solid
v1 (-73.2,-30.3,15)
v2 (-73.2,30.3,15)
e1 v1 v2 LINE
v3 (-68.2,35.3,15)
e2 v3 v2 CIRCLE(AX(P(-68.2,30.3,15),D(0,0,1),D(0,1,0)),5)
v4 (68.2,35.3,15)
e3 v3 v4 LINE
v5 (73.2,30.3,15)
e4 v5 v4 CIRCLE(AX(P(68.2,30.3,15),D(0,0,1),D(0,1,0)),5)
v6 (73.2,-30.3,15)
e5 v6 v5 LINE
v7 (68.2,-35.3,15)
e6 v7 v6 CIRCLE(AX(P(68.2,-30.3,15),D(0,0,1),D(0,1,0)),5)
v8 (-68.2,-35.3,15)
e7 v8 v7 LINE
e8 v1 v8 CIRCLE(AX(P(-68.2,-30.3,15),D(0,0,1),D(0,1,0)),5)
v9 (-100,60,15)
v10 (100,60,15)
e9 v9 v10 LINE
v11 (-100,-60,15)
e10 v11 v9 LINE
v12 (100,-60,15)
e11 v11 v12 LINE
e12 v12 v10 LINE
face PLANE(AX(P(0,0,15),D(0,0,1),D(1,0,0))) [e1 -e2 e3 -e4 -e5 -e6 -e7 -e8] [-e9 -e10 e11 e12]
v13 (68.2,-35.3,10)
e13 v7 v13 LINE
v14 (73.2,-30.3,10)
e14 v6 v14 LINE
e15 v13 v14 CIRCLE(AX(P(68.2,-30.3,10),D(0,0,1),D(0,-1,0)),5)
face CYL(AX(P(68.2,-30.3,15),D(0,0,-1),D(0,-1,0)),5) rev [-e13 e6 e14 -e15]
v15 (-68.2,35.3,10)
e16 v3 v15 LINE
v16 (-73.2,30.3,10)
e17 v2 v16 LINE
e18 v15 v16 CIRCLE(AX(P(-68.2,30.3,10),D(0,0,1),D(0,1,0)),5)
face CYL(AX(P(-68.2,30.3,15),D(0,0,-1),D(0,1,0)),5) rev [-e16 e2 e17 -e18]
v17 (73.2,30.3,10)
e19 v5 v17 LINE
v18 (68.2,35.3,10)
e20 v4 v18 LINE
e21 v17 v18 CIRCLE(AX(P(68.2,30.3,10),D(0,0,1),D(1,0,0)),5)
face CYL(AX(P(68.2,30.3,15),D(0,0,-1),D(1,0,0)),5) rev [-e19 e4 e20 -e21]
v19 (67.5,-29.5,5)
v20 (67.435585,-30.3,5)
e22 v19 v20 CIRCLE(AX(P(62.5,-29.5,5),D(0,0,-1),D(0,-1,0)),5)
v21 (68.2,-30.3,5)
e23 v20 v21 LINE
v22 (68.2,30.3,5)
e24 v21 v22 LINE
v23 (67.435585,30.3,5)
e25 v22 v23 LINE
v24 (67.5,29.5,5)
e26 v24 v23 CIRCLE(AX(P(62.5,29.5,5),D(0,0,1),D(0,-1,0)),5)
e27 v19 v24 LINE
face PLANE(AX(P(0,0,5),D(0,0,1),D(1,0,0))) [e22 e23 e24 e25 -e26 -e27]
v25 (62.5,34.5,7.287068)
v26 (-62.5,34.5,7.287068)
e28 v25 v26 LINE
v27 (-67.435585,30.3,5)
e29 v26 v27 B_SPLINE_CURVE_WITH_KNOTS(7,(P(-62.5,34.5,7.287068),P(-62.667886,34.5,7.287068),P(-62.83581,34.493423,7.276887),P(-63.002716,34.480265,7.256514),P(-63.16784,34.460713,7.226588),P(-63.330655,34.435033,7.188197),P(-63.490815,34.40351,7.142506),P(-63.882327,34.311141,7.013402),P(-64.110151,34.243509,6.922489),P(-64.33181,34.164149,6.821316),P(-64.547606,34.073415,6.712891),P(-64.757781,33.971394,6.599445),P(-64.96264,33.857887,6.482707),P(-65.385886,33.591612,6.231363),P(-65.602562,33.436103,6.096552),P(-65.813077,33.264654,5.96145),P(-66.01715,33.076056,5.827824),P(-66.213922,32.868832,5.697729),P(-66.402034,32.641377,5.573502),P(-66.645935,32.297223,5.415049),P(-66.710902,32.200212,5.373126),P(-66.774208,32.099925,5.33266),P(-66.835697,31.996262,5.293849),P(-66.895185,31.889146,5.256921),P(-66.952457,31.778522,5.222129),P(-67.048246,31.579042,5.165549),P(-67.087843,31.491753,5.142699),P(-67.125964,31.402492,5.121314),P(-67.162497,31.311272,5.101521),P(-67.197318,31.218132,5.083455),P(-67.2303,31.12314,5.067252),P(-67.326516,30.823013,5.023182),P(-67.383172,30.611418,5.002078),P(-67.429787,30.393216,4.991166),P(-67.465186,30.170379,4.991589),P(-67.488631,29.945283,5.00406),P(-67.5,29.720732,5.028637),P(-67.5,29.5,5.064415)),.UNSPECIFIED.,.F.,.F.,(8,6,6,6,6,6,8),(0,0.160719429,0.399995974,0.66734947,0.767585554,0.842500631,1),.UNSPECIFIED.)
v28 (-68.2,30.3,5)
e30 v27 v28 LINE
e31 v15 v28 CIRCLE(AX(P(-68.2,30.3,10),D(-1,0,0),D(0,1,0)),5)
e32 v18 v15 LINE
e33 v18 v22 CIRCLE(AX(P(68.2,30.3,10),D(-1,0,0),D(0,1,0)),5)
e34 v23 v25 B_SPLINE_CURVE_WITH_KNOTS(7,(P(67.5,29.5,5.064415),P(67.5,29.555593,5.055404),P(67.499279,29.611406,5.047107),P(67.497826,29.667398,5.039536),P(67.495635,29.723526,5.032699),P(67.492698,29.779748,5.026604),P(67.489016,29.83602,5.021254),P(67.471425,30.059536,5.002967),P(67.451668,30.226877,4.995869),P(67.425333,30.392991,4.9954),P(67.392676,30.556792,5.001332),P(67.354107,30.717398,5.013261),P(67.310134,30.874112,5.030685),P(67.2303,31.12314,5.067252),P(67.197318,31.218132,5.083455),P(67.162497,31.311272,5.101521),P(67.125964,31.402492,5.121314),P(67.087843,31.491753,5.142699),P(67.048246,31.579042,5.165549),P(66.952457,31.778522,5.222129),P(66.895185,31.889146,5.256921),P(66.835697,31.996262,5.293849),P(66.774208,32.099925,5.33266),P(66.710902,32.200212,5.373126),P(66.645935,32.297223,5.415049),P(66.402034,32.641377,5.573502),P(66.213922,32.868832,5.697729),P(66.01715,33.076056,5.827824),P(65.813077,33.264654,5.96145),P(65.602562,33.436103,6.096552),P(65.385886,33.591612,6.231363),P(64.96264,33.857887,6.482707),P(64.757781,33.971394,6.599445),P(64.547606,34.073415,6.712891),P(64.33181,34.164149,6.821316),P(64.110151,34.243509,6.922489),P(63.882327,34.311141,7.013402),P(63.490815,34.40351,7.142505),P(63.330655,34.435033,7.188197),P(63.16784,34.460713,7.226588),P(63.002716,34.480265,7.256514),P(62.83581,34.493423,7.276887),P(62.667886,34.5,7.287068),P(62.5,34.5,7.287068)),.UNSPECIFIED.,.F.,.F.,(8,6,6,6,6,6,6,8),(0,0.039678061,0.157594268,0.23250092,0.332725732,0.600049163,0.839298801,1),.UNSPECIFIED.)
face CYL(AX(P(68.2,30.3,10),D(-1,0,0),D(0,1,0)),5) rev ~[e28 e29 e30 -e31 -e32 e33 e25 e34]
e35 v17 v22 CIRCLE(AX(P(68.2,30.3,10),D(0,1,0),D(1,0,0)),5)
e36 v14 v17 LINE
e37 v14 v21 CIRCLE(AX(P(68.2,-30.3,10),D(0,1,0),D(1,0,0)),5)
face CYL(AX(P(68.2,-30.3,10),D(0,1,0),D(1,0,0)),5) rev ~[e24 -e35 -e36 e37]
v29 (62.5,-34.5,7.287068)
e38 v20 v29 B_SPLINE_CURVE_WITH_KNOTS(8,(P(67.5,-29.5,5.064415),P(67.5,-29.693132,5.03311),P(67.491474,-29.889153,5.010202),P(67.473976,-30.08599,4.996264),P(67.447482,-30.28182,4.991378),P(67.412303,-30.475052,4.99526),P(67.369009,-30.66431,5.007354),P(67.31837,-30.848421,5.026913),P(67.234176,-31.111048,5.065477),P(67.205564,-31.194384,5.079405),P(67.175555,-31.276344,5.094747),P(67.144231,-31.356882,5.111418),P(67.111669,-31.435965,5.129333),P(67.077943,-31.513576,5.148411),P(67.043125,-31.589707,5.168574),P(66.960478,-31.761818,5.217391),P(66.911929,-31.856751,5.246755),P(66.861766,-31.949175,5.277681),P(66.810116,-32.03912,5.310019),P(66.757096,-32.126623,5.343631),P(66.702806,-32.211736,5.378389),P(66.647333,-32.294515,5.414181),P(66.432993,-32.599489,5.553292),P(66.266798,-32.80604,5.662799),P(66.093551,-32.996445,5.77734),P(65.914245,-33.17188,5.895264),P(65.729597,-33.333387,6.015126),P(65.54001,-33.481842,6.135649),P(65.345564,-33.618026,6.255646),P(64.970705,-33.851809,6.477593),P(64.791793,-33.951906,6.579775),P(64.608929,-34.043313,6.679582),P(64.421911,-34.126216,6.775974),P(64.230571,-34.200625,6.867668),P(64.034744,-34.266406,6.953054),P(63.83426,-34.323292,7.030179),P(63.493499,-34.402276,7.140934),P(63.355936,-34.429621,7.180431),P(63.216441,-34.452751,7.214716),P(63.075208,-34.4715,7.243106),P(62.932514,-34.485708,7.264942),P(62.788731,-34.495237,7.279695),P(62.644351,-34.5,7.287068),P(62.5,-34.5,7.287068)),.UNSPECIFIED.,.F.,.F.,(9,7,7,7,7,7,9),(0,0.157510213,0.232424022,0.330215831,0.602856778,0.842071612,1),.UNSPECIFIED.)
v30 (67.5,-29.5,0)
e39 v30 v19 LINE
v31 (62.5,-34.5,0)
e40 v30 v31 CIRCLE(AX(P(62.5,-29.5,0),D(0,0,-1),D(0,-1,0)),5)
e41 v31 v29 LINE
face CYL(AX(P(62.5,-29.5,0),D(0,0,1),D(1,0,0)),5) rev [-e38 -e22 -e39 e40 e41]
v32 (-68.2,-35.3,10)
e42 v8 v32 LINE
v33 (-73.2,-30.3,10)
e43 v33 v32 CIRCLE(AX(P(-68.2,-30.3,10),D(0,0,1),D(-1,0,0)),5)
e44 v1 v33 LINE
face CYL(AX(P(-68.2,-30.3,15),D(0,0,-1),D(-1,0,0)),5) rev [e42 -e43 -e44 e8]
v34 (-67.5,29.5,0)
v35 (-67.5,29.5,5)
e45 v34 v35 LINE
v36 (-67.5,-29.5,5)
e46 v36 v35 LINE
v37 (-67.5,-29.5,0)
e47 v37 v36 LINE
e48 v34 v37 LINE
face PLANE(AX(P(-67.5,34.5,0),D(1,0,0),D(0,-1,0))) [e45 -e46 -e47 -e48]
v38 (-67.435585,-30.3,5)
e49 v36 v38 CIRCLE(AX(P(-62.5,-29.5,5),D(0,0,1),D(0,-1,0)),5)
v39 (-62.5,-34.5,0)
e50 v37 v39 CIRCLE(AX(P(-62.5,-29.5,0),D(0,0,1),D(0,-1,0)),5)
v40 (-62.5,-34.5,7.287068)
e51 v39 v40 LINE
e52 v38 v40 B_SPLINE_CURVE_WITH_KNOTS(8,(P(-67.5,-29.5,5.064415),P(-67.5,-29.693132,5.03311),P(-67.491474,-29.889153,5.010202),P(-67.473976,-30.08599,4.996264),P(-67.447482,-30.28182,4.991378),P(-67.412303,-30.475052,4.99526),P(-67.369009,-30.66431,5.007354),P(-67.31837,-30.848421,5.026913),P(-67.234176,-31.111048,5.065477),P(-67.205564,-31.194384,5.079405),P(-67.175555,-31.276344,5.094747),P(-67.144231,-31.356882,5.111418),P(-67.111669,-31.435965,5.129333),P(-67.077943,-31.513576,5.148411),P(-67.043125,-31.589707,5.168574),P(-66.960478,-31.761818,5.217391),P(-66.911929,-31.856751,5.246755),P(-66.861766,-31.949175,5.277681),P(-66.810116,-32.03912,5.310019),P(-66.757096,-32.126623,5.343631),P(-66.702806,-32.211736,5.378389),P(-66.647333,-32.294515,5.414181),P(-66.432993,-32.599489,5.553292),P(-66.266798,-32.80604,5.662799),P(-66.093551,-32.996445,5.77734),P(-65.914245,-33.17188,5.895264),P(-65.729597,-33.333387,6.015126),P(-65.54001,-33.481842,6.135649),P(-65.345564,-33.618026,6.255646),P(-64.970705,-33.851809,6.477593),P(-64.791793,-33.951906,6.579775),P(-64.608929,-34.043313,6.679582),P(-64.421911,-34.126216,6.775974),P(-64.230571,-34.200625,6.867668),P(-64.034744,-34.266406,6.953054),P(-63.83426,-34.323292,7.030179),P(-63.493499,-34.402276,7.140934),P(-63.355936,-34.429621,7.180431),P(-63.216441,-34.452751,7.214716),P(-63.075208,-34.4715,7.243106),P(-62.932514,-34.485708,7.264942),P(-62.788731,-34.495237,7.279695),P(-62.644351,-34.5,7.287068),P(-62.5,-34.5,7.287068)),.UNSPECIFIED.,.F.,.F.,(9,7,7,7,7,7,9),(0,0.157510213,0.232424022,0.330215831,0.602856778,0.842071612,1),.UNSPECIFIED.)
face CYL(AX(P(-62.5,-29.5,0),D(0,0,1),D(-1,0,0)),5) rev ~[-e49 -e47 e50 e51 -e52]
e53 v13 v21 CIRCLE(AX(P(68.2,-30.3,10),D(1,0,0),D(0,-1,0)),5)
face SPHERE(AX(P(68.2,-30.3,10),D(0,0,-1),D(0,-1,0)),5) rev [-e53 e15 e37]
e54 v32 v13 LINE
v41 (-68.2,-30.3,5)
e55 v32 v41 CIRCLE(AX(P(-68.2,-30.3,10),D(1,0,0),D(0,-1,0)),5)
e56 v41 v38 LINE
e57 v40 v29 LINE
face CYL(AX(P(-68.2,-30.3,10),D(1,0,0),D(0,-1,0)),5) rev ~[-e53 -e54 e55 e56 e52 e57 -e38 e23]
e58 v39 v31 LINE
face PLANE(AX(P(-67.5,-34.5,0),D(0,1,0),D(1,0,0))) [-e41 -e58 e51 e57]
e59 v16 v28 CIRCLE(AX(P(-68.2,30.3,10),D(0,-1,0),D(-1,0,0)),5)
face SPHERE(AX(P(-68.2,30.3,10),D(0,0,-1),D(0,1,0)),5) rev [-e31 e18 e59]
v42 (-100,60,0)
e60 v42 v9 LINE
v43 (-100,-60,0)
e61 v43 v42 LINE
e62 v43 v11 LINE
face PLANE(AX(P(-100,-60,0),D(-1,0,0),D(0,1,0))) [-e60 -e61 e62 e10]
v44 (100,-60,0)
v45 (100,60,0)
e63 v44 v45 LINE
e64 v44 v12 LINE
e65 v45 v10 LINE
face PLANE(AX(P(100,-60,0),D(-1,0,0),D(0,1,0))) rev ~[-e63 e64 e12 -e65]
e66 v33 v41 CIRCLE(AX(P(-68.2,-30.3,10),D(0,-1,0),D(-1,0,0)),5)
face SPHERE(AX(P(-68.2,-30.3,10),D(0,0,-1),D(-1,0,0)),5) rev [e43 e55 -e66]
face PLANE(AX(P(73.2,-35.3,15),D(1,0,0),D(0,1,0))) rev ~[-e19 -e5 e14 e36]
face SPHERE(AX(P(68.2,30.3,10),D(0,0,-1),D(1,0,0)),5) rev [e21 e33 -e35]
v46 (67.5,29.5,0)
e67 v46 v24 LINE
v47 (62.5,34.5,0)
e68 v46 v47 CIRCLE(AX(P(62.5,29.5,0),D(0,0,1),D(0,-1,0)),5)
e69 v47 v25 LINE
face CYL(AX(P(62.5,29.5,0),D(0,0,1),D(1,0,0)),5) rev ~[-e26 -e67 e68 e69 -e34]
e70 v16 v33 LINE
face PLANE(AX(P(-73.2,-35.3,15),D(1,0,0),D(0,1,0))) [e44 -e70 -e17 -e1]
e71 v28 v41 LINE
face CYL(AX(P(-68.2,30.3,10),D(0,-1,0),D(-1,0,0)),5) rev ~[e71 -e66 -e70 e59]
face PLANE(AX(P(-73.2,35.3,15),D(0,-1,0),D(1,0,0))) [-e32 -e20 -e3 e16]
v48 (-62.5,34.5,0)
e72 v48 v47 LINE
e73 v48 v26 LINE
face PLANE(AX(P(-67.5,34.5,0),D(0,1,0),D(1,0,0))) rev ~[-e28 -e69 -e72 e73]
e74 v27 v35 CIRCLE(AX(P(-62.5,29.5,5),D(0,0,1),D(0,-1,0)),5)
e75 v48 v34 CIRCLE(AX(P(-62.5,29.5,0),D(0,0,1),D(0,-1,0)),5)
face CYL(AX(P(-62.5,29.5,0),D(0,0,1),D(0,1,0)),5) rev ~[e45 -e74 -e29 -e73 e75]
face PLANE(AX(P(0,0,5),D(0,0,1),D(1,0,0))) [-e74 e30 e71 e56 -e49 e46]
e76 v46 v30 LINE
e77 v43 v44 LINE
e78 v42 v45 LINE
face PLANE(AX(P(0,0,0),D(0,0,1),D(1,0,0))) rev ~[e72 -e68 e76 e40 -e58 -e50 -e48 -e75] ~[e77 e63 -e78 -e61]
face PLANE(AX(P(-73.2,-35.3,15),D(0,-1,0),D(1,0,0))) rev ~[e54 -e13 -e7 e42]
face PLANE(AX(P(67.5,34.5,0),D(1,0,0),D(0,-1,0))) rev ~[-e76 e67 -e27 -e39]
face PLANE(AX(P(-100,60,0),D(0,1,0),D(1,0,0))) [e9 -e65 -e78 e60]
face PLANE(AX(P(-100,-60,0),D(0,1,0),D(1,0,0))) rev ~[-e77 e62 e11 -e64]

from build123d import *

# Parameters (mm, degrees)
F0_W      = 200
F0_H      = 120
F1_DEPTH  = 15
F2_W      = 146.4
F2_H      = 70.6
F3_DEPTH  = 10
F4_R      = 5
F5_R      = 5
F6_R      = 5
F7_R      = 5
F8_R      = 5
F9_W      = 135
F9_H      = 69
F10_DEPTH = 25
F11_R     = 5
F12_R     = 5
F13_R     = 5
F14_R     = 5


with BuildPart() as f1:
    # F0 (on Top) → F1 (new body)
    with BuildSketch(Plane.XY):
        Rectangle(F0_W, F0_H)
    extrude(amount=F1_DEPTH)

    # F2 (on face) → F3 (cut)
    with BuildSketch(Plane.XY.offset(15)):
        Rectangle(F2_W, F2_H)
    extrude(amount=-F3_DEPTH, mode=Mode.SUBTRACT)

    # F4
    f4_edges = [f1.edges().sort_by_distance(p)[0] for p in [
        (-73.2, 35.3, 10),
    ]]
    fillet(f4_edges, radius=F4_R)

    # F5
    f5_edges = [f1.edges().sort_by_distance(p)[0] for p in [
        (-73.2, -35.3, 10),
    ]]
    fillet(f5_edges, radius=F5_R)

    # F6
    f6_edges = [f1.edges().sort_by_distance(p)[0] for p in [
        (73.2, -35.3, 10),
    ]]
    fillet(f6_edges, radius=F6_R)

    # F7
    f7_edges = [f1.edges().sort_by_distance(p)[0] for p in [
        (73.2, 35.3, 10),
    ]]
    fillet(f7_edges, radius=F7_R)

    # F8
    f8_edges = [f1.edges().sort_by_distance(p)[0] for p in [
        (73.2, 0, 5),
        (0, 35.3, 5),
        (0, -35.3, 5),
        (-73.2, 0, 5),
    ]]
    fillet(f8_edges, radius=F8_R)

    # F9 (on face) → F10 (cut)
    with BuildSketch(Plane(origin=(0, 0, 0), x_dir=(1, 0, 0), z_dir=(0, 0, -1))):
        Rectangle(F9_W, F9_H)
    extrude(amount=-F10_DEPTH, mode=Mode.SUBTRACT)

    # F11
    f11_edges = [f1.edges().sort_by_distance(p)[0] for p in [
        (67.5, -34.5, 3.643534),
    ]]
    fillet(f11_edges, radius=F11_R)

    # F12
    f12_edges = [f1.edges().sort_by_distance(p)[0] for p in [
        (67.5, 34.5, 3.643534),
    ]]
    fillet(f12_edges, radius=F12_R)

    # F13
    f13_edges = [f1.edges().sort_by_distance(p)[0] for p in [
        (-67.5, 34.5, 3.643534),
    ]]
    fillet(f13_edges, radius=F13_R)

    # F14
    f14_edges = [f1.edges().sort_by_distance(p)[0] for p in [
        (-67.5, -34.5, 3.643534),
    ]]
    fillet(f14_edges, radius=F14_R)


solid = f1.part
